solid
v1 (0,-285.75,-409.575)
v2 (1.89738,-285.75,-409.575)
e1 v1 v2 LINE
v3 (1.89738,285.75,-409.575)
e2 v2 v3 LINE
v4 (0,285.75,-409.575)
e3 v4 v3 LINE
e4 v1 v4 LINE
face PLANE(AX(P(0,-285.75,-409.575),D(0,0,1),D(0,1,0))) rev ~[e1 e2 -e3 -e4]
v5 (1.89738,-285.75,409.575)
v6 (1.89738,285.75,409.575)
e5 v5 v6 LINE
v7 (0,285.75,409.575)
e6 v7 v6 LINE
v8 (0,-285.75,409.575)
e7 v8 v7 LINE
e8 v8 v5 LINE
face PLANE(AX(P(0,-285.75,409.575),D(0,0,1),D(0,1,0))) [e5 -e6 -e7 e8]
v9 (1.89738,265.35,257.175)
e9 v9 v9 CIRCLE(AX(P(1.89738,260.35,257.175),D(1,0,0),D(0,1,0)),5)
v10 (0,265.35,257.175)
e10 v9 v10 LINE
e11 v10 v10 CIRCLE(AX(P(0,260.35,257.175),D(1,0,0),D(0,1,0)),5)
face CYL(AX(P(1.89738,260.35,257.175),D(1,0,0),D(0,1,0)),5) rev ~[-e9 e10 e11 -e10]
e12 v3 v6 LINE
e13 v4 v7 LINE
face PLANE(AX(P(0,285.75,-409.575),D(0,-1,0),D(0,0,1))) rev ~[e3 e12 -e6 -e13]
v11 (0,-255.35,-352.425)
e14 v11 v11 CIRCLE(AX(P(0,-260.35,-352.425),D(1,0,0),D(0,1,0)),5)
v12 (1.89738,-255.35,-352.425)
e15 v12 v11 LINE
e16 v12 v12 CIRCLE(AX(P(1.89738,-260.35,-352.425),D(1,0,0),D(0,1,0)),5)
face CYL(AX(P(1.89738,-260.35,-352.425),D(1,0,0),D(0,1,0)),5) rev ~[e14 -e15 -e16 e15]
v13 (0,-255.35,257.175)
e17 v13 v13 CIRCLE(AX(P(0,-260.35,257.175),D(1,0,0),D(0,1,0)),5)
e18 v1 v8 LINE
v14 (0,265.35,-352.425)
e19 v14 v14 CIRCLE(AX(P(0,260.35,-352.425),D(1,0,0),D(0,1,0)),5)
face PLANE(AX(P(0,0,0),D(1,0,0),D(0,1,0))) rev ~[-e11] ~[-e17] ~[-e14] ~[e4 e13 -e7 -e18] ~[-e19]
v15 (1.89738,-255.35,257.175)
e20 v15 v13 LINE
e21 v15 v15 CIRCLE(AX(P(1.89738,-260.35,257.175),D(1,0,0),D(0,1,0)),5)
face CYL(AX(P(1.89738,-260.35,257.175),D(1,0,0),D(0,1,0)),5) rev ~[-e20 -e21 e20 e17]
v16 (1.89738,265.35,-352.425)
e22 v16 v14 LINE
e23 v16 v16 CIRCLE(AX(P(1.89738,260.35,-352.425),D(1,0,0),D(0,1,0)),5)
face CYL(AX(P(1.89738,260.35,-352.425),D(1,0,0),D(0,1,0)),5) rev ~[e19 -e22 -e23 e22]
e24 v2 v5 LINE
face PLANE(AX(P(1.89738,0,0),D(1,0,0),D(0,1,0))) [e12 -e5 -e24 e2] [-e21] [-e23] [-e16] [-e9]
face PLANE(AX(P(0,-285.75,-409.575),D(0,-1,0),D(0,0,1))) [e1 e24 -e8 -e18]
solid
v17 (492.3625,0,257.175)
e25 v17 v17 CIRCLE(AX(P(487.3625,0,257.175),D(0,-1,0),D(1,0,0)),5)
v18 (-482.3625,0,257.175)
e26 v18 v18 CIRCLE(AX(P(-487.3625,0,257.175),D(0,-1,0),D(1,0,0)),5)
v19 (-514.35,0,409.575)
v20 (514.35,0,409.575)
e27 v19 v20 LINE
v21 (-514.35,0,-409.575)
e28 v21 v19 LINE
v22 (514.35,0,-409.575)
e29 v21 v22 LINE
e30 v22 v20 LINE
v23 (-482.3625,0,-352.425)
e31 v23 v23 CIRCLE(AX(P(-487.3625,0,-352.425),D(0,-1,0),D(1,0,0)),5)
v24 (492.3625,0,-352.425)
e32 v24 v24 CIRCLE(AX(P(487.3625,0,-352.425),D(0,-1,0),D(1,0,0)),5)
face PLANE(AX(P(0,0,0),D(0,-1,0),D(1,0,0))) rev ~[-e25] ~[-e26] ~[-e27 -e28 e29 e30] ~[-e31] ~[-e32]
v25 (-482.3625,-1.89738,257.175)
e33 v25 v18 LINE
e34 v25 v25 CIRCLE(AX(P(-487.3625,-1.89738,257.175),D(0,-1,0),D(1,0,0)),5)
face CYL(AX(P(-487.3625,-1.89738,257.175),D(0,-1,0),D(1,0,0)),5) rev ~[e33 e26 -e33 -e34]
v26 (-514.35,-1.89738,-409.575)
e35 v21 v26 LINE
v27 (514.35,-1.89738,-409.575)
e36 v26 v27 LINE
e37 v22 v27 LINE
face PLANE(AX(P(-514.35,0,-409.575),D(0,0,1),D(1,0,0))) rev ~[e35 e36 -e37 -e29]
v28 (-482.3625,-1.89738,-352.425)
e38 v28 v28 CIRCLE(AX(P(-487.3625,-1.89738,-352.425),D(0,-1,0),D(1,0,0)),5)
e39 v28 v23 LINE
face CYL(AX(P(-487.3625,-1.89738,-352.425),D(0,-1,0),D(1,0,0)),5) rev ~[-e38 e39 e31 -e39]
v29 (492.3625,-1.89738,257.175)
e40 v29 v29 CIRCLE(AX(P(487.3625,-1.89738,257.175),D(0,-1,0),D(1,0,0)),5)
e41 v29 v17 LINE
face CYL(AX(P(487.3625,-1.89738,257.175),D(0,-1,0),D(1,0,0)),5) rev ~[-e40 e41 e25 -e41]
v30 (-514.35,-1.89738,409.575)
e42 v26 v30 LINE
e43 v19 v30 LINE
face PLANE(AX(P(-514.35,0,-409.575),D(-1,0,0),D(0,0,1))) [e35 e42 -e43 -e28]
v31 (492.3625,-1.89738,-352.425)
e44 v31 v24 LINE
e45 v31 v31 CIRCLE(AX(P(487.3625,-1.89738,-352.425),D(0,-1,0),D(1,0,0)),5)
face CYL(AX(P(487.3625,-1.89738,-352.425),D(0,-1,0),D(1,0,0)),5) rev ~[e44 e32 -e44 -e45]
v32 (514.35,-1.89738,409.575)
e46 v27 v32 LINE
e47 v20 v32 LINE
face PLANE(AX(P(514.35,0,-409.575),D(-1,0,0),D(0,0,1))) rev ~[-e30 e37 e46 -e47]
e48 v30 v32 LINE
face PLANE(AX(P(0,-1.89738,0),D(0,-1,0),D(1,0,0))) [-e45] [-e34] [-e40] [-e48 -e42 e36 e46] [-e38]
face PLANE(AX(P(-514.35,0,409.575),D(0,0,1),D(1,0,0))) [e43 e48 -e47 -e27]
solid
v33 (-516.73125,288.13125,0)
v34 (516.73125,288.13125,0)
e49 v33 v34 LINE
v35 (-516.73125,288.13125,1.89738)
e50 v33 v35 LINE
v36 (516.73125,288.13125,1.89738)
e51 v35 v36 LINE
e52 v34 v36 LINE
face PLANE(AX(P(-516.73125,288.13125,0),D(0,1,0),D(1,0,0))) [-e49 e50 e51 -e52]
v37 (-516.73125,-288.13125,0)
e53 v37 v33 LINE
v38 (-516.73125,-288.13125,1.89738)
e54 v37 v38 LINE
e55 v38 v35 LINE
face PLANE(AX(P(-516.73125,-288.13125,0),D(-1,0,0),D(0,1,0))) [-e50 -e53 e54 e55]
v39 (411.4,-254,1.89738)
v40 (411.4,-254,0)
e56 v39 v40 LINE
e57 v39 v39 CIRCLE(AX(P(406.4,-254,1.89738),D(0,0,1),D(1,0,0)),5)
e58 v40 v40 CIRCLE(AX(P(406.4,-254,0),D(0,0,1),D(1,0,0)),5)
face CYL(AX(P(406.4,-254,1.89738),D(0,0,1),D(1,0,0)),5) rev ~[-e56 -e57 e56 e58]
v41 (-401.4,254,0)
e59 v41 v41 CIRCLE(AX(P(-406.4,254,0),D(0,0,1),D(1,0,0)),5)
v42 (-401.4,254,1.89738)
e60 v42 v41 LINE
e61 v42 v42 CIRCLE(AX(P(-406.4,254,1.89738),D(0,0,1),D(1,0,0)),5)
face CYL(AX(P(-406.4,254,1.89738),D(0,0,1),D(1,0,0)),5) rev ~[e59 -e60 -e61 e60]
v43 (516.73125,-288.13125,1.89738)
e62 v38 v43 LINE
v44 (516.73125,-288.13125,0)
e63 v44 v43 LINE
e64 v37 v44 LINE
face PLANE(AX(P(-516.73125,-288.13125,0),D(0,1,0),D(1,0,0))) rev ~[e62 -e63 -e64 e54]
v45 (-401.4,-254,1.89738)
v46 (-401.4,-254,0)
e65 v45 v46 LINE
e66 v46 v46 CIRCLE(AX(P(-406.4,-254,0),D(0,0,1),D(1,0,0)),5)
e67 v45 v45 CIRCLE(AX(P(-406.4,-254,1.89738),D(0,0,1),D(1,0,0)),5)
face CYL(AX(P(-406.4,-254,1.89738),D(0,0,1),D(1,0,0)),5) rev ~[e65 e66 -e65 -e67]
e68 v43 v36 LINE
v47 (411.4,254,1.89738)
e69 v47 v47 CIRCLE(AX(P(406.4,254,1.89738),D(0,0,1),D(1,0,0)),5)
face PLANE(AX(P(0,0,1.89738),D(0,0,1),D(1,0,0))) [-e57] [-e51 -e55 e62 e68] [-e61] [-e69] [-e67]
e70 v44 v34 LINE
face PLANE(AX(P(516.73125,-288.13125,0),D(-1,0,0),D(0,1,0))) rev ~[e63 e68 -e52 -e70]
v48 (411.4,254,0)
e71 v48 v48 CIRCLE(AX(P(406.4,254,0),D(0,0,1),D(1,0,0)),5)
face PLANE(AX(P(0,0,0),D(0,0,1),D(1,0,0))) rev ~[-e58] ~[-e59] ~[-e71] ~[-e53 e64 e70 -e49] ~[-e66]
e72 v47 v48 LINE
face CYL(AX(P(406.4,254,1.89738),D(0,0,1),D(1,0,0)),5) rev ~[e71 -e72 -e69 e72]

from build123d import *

# Parameters (mm, degrees)
F0_W      = 571.5
F0_H      = 819.15
F1_DEPTH  = 1.89738
F2_R      = 5
F3_DEPTH  = 1.89838
F4_W      = 1028.7
F4_H      = 819.15
F5_DEPTH  = 1.89738
F6_R      = 5
F7_DEPTH  = 287.64838
F8_W      = 1033.4625
F8_H      = 576.2625
F9_DEPTH  = 1.89738
F10_R     = 5
F11_DEPTH = 411.47338


with BuildPart() as f1:
    # F0 (on Right) → F1 (new body)
    with BuildSketch(Plane.YZ):
        Rectangle(F0_W, F0_H)
    extrude(amount=F1_DEPTH)

    # F2 (on face) → F3 (cut, through all)
    with BuildSketch(Plane.YZ.offset(1.89738)):
        with Locations((-260.35, 257.175)):
            Circle(F2_R)
        with Locations((-260.35, -352.425)):
            Circle(F2_R)
        with Locations((260.35, 257.175)):
            Circle(F2_R)
        with Locations((260.35, -352.425)):
            Circle(F2_R)
    extrude(amount=-F3_DEPTH, mode=Mode.SUBTRACT)


with BuildPart() as f5:
    # F4 (on Front) → F5 (new body)
    with BuildSketch(Plane.XZ):
        Rectangle(F4_W, F4_H)
    extrude(amount=F5_DEPTH)

    # F6 (on face) → F7 (cut, through all)
    with BuildSketch(Plane.XZ.offset(1.89738)):
        with Locations((-487.3625, 257.175)):
            Circle(F6_R)
        with Locations((487.3625, 257.175)):
            Circle(F6_R)
        with Locations((-487.3625, -352.425)):
            Circle(F6_R)
        with Locations((487.3625, -352.425)):
            Circle(F6_R)
    extrude(amount=-F7_DEPTH, mode=Mode.SUBTRACT)


with BuildPart() as f9:
    # F8 (on Top) → F9 (new body)
    with BuildSketch(Plane.XY):
        Rectangle(F8_W, F8_H)
    extrude(amount=F9_DEPTH)

    # F10 (on face) → F11 (cut, through all)
    with BuildSketch(Plane.XY.offset(1.89738)):
        with Locations((406.4, -254)):
            Circle(F10_R)
        with Locations((-406.4, -254)):
            Circle(F10_R)
        with Locations((406.4, 254)):
            Circle(F10_R)
        with Locations((-406.4, 254)):
            Circle(F10_R)
    extrude(amount=-F11_DEPTH, mode=Mode.SUBTRACT)


solid = Compound([f1.part, f5.part, f9.part])
